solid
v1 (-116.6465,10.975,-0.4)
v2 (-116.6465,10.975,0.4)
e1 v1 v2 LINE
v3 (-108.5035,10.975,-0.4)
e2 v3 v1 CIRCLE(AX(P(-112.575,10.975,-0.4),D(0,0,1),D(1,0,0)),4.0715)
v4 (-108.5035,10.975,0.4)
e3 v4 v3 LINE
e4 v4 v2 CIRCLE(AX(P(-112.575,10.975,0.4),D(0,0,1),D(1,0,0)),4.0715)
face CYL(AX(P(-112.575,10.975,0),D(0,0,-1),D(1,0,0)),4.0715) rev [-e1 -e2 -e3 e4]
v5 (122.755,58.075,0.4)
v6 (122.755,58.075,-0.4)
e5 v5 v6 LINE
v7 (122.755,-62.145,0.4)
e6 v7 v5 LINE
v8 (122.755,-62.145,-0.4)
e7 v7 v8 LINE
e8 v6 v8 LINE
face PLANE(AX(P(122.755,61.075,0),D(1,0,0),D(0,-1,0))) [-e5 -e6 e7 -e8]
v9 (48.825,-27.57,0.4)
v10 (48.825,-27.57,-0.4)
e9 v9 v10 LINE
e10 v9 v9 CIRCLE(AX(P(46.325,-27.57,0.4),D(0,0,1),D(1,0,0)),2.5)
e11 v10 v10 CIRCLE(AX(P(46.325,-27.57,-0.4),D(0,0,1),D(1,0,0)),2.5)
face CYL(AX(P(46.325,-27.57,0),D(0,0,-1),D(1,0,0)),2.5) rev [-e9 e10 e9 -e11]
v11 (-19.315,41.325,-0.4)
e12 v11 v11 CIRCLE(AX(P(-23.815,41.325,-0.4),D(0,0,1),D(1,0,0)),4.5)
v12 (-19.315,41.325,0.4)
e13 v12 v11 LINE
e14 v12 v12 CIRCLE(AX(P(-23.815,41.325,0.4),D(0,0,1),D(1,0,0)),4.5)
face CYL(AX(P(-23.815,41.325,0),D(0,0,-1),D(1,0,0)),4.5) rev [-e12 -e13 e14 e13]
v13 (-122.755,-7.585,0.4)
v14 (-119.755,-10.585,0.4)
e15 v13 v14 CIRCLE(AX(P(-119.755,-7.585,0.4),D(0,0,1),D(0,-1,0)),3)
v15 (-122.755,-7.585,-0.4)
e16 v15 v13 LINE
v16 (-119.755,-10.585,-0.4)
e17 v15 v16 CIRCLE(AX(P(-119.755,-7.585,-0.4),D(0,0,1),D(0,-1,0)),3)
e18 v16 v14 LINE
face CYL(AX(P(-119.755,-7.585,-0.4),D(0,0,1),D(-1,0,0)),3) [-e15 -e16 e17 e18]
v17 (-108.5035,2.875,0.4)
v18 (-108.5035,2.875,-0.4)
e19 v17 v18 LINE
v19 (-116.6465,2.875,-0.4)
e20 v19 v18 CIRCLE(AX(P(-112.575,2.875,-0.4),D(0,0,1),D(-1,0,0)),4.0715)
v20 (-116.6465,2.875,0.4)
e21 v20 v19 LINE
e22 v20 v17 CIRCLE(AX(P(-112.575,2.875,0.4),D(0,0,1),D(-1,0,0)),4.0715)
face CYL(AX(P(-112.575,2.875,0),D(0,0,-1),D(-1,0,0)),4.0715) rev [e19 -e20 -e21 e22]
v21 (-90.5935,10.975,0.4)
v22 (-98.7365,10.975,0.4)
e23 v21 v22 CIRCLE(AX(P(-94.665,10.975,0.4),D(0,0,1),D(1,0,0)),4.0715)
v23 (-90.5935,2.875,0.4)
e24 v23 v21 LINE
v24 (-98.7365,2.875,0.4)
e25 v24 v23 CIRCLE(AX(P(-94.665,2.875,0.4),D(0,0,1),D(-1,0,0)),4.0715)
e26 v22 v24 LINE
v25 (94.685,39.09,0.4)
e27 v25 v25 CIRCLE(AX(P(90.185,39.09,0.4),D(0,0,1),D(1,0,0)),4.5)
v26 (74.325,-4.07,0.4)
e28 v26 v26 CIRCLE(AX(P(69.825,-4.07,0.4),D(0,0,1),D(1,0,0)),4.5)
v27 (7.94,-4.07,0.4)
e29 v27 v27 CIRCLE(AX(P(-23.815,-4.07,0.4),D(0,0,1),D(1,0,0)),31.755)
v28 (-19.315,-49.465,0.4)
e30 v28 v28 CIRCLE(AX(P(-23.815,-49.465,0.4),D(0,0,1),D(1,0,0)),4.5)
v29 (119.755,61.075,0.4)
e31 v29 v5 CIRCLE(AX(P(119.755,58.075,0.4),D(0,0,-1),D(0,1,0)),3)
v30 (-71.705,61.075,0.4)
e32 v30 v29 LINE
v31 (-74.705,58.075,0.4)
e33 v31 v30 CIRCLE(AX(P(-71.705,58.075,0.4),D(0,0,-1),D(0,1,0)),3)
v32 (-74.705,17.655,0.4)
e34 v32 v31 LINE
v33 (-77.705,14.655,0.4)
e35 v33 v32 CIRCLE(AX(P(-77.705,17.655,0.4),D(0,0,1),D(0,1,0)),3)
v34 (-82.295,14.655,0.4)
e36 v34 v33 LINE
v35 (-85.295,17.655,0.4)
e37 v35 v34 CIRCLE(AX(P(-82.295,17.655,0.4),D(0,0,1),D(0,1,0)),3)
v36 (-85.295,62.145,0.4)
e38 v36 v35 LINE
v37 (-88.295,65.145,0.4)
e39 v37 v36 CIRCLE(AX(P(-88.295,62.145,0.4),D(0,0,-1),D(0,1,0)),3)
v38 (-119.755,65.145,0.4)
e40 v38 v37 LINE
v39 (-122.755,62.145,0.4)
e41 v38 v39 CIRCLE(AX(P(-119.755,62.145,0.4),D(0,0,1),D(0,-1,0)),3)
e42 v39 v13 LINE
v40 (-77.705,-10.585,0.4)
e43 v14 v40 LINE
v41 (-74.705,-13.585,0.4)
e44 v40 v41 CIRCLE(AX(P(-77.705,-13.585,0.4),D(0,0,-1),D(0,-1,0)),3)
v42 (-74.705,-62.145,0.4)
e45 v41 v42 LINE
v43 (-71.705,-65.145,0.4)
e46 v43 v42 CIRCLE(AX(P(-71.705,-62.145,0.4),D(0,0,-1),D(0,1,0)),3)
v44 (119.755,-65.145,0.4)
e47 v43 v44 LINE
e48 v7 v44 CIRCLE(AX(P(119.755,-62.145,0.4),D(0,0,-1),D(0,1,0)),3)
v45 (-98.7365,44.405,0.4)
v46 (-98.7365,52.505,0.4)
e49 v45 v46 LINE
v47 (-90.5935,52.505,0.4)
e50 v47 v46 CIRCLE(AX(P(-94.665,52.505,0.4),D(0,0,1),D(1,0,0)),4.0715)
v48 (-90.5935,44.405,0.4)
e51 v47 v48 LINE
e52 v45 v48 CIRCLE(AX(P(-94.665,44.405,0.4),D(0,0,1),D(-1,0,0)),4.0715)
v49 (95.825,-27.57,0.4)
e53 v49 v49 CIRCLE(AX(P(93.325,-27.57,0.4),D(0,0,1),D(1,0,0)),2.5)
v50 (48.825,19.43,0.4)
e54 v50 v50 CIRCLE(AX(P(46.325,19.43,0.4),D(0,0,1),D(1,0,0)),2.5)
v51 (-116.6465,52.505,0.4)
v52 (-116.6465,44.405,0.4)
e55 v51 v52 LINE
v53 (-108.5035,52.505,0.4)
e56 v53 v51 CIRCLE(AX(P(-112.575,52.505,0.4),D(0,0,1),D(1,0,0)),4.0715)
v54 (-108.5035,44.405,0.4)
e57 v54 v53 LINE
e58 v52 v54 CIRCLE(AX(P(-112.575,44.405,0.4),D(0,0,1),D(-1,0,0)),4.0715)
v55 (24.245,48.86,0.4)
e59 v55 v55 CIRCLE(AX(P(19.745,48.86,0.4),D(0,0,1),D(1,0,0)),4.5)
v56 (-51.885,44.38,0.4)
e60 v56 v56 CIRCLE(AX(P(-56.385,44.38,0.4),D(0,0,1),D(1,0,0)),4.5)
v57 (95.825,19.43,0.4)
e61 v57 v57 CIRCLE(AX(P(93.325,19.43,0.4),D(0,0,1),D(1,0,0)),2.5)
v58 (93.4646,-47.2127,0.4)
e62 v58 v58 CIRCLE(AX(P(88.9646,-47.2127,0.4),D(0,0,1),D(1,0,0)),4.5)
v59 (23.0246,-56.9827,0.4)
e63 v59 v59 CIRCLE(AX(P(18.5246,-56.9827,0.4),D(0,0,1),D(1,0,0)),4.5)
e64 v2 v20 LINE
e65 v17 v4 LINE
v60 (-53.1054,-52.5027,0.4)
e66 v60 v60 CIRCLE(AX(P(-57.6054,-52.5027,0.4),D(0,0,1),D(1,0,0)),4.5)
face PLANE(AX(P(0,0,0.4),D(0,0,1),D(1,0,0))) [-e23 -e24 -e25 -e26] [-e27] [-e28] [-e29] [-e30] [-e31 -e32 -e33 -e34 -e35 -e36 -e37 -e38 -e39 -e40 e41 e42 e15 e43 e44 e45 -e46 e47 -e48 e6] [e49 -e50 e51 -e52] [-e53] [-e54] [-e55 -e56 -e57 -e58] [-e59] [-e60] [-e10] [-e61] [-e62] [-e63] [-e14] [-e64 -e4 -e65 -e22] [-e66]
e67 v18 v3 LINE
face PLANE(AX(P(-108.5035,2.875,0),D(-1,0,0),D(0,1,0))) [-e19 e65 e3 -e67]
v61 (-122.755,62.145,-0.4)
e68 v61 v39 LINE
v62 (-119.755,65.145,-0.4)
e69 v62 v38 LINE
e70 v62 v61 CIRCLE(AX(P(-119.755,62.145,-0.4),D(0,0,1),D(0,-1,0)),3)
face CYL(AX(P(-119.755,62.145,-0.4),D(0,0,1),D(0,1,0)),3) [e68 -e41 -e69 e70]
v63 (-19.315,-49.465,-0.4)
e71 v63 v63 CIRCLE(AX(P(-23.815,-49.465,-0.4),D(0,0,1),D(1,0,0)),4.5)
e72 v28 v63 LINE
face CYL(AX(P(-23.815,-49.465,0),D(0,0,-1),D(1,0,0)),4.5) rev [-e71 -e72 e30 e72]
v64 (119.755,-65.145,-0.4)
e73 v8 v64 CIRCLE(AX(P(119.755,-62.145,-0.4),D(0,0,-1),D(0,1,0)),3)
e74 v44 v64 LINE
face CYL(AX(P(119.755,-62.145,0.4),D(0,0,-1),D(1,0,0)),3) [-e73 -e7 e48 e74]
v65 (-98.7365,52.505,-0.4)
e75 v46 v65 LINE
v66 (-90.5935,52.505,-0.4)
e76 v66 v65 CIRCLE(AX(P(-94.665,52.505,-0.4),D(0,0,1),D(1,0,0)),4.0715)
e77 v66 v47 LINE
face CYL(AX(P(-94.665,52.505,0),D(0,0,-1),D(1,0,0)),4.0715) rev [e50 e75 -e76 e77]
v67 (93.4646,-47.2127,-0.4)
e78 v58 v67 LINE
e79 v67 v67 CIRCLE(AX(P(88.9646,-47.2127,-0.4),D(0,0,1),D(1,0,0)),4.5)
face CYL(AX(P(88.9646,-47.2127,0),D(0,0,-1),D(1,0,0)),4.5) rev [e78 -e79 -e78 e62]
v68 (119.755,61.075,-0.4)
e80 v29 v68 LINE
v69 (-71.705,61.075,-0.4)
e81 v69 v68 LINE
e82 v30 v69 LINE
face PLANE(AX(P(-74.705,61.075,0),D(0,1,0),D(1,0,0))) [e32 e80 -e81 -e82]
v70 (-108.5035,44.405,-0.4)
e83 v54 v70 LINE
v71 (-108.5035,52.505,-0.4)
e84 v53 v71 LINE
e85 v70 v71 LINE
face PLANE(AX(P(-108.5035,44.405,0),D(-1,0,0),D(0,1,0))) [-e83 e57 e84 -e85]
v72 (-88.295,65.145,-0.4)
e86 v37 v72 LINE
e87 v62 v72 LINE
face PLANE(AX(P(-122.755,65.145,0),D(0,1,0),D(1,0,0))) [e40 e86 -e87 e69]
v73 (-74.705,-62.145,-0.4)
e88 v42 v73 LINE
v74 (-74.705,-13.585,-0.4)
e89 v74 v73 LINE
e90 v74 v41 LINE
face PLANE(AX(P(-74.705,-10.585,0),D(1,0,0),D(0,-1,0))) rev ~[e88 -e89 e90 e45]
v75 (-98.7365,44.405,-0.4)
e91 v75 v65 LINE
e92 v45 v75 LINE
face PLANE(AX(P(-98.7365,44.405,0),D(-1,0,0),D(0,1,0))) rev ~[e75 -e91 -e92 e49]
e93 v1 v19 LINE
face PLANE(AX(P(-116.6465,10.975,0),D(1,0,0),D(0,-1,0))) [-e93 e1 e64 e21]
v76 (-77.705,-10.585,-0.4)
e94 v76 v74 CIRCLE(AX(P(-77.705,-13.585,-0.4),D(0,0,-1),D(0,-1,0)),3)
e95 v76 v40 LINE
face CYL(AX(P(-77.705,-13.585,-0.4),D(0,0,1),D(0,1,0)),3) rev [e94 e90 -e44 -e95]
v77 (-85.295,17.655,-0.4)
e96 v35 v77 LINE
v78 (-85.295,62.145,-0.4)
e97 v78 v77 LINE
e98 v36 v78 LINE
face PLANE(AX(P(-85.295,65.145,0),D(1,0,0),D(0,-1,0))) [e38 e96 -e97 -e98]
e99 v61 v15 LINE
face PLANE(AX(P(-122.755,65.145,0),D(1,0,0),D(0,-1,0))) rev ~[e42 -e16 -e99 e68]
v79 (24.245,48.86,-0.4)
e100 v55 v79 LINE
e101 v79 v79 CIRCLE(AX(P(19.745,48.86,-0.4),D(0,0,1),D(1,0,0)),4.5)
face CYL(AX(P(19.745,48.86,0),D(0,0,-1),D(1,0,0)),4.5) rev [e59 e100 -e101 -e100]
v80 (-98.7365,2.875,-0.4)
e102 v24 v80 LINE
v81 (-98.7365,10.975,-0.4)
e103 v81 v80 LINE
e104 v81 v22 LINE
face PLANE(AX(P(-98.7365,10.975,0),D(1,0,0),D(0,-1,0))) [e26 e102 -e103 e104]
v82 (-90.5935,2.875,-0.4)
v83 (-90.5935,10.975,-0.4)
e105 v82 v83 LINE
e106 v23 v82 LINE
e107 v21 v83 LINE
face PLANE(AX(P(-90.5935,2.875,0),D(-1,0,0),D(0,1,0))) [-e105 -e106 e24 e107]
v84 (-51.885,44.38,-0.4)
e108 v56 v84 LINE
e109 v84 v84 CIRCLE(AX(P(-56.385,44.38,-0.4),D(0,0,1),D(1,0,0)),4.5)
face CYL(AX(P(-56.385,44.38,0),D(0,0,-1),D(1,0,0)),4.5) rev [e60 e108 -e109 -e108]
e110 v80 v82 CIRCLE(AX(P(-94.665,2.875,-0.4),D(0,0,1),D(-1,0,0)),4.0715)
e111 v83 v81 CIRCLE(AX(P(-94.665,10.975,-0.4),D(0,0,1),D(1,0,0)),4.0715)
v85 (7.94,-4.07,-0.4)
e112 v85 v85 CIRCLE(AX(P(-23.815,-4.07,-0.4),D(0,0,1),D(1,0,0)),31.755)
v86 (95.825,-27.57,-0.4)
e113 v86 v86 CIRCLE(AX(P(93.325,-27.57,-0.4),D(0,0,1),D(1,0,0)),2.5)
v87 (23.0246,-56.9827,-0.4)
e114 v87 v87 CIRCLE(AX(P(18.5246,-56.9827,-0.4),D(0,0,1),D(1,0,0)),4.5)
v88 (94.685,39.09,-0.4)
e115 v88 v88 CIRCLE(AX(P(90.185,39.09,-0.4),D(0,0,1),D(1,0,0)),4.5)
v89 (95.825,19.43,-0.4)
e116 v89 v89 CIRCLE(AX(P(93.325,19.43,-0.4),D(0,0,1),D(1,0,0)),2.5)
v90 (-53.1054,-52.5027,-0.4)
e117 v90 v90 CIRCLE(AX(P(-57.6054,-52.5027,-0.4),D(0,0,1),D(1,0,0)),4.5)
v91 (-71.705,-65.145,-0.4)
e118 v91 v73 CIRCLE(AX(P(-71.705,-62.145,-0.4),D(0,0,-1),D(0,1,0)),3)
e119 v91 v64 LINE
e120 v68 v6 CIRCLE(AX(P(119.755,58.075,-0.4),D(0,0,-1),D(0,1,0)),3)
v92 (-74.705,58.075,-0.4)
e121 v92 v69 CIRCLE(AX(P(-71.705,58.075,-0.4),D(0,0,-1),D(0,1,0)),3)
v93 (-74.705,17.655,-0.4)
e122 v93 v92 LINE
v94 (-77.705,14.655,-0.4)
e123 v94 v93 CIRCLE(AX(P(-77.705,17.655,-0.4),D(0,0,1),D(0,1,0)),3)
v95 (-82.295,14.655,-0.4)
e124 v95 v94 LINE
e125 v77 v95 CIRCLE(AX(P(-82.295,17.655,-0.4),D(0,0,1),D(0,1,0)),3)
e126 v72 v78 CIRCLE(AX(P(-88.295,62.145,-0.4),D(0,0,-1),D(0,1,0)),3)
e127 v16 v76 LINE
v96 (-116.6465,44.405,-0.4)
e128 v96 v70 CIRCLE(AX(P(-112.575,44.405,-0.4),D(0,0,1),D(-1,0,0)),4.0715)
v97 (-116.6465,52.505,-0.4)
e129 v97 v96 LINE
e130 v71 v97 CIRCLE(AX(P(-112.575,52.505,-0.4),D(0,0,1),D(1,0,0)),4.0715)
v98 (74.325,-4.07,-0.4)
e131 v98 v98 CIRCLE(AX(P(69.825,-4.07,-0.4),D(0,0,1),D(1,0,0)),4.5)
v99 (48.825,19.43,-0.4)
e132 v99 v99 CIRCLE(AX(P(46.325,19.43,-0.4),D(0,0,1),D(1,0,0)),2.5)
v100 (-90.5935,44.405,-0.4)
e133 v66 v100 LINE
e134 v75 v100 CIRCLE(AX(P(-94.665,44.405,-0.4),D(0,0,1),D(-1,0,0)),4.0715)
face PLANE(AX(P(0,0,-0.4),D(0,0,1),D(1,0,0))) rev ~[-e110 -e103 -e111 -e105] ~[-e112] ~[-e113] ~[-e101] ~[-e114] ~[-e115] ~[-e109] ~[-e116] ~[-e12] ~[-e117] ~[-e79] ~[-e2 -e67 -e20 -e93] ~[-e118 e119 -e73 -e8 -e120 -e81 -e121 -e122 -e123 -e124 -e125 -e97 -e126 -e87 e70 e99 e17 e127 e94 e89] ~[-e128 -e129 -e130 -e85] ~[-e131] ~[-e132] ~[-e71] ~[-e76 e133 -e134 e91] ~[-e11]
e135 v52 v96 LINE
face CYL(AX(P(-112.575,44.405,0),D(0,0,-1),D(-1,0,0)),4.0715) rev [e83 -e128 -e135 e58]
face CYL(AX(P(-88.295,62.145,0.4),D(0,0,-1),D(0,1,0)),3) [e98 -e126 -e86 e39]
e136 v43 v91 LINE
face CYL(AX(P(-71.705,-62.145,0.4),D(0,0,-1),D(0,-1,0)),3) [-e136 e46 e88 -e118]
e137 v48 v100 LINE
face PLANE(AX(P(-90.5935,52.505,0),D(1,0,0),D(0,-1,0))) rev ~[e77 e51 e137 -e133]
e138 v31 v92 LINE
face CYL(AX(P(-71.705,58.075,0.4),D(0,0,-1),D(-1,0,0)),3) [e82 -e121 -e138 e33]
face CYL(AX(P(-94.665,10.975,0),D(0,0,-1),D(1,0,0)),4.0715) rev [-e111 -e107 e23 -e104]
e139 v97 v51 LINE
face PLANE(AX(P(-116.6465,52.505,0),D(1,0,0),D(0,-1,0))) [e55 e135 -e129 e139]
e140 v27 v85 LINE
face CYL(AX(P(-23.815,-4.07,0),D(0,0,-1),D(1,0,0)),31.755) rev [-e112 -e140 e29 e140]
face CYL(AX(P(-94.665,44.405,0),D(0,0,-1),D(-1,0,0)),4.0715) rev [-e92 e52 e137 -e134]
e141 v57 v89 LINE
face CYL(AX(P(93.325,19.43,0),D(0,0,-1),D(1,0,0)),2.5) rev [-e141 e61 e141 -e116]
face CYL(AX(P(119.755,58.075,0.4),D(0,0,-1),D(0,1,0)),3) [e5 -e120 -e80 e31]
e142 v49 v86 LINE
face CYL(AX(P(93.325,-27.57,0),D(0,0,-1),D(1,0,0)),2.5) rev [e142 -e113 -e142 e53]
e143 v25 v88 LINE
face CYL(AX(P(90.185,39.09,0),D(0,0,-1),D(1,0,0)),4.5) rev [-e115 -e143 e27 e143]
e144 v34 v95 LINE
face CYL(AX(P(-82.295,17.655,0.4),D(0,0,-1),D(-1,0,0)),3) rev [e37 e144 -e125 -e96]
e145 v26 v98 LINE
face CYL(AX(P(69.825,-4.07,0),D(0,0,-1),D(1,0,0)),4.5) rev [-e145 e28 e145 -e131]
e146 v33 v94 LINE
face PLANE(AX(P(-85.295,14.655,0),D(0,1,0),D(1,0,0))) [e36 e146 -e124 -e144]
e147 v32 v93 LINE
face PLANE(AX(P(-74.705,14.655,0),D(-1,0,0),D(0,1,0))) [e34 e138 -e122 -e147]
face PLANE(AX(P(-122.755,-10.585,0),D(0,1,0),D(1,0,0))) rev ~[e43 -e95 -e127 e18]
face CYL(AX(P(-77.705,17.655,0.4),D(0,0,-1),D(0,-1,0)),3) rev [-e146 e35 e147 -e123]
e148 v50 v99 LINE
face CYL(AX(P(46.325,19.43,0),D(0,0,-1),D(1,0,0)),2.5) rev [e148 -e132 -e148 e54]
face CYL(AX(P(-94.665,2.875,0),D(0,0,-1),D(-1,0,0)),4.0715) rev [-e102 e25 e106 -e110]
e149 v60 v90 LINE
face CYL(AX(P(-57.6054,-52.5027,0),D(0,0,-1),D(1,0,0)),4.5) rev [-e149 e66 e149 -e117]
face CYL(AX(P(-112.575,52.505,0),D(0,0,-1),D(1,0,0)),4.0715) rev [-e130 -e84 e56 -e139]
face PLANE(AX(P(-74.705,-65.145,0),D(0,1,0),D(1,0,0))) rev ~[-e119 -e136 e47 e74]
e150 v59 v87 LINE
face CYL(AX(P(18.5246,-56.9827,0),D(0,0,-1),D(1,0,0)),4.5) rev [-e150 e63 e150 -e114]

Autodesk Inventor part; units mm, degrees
ref_plane "YZ Plane" through (0, 0, 0) normal (1, 0, 0) x (0, 1, 0)
ref_plane "XZ Plane" through (0, 0, 0) normal (0, 1, 0) x (-1, 0, 0)
ref_plane "XY Plane" through (0, 0, 0) normal (0, 0, 1) x (1, 0, 0)
sketch "Boceto1" plane through (0, 0, 0) normal (0, 0, 1) x (1, 0, 0)
  line L0 (-122.755, 65.145) -> (122.755, -65.145) construction
  line L1 (122.755, 65.145) -> (-122.755, -65.145) construction
  line L2 (-122.755, 65.145) -> (-85.295, 65.145)
  line L3 (-122.755, 65.145) -> (-122.755, -10.585)
  line L4 (-85.295, 65.145) -> (-85.295, 14.655)
  line L5 (-85.295, 14.655) -> (-74.705, 14.655)
  line L6 (-74.705, 14.655) -> (-74.705, 61.075)
  line L7 (-74.705, 61.075) -> (122.755, 61.075)
  line L8 (-122.755, -10.585) -> (-74.705, -10.585)
  line L9 (-74.705, -10.585) -> (-74.705, -65.145)
  line L10 (-74.705, -65.145) -> (122.755, -65.145)
  line L11 (122.755, 61.075) -> (122.755, -65.145)
  line L12 (122.755, 61.075) -> (122.755, -4.07)
  circle A0 centre (93.325, -27.57) radius 2.5
  circle A1 centre (93.325, 19.43) radius 2.5
  circle A2 centre (46.325, 19.43) radius 2.5
  circle A3 centre (46.325, -27.57) radius 2.5
  line L13 (122.755, 61.075) -> (122.755, -4.07)
  line L14 (122.755, 61.075) -> (122.755, -4.07)
  line L15 (122.755, 61.075) -> (122.755, -4.07)
  circle A4 centre (69.825, -4.07) radius 4.5
  circle A5 centre (90.185, 39.09) radius 4.5
  circle A6 centre (88.9646, -47.2127) radius 4.5
  circle A7 centre (19.745, 48.86) radius 4.5
  circle A8 centre (-56.385, 44.38) radius 4.5
  circle A9 centre (-57.6054, -52.5027) radius 4.5
  circle A10 centre (18.5246, -56.9827) radius 4.5
  circle A11 centre (-23.815, 41.325) radius 4.5
  circle A12 centre (-23.815, -49.465) radius 4.5
  circle A13 centre (-23.815, -4.07) radius 31.755
  line L16 (-116.6465, 10.975) -> (-116.6465, 2.875)
  line L17 (-108.5035, 2.875) -> (-108.5035, 10.975)
  arc A14 (-108.5035, 10.975) -> (-116.6465, 10.975) centre (-112.575, 10.975) ccw
  arc A15 (-116.6465, 2.875) -> (-108.5035, 2.875) centre (-112.575, 2.875) ccw
  line L18 (-98.7365, 10.975) -> (-98.7365, 2.875)
  line L19 (-90.5935, 2.875) -> (-90.5935, 10.975)
  arc A16 (-90.5935, 10.975) -> (-98.7365, 10.975) centre (-94.665, 10.975) ccw
  arc A17 (-98.7365, 2.875) -> (-90.5935, 2.875) centre (-94.665, 2.875) ccw
  line L20 (-116.6465, 52.505) -> (-116.6465, 44.405)
  line L21 (-108.5035, 44.405) -> (-108.5035, 52.505)
  line L22 (-90.5935, 52.505) -> (-90.5935, 44.405)
  line L23 (-98.7365, 44.405) -> (-98.7365, 52.505)
  arc A18 (-108.5035, 52.505) -> (-116.6465, 52.505) centre (-112.575, 52.505) ccw
  arc A19 (-116.6465, 44.405) -> (-108.5035, 44.405) centre (-112.575, 44.405) ccw
  arc A20 (-98.7365, 44.405) -> (-90.5935, 44.405) centre (-94.665, 44.405) ccw
  arc A21 (-90.5935, 52.505) -> (-98.7365, 52.505) centre (-94.665, 52.505) ccw
  point P0 (0, 0)
  point P1 (-112.575, 65.145)
  point P2 (-94.665, 65.145)
  dimension "d0" = 245.51
  dimension "d1" = 130.29
  dimension "d2" = 37.46
  dimension "d3" = 75.73
  dimension "d18" = 5
  dimension "d19" = 5
  dimension "d20" = 5
  dimension "d21" = 5
  dimension "d27" = 9
  dimension "d28" = 9
  dimension "d29" = 9
  dimension "d34" = 9
  dimension "d35" = 9
  dimension "d40" = 9
  dimension "d41" = 9
  dimension "d45" = 9
  dimension "d46" = 9
  dimension "d47" = 63.51
extrude "Extrusión2" add sketch "Boceto1" along normal mid plane 0.8
fillet "Empalme2" radius 3 10 edges at (-85.295, 14.655, 0) (-74.705, 14.655, 0) (-85.295, 65.145, 0) (-122.755, 65.145, 0) (-74.705, 61.075, 0) (122.755, 61.075, 0) (122.755, -65.145, 0) (-74.705, -65.145, 0) (-74.705, -10.585, 0) (-122.755, -10.585, 0)
properties part number "piezaaa"
